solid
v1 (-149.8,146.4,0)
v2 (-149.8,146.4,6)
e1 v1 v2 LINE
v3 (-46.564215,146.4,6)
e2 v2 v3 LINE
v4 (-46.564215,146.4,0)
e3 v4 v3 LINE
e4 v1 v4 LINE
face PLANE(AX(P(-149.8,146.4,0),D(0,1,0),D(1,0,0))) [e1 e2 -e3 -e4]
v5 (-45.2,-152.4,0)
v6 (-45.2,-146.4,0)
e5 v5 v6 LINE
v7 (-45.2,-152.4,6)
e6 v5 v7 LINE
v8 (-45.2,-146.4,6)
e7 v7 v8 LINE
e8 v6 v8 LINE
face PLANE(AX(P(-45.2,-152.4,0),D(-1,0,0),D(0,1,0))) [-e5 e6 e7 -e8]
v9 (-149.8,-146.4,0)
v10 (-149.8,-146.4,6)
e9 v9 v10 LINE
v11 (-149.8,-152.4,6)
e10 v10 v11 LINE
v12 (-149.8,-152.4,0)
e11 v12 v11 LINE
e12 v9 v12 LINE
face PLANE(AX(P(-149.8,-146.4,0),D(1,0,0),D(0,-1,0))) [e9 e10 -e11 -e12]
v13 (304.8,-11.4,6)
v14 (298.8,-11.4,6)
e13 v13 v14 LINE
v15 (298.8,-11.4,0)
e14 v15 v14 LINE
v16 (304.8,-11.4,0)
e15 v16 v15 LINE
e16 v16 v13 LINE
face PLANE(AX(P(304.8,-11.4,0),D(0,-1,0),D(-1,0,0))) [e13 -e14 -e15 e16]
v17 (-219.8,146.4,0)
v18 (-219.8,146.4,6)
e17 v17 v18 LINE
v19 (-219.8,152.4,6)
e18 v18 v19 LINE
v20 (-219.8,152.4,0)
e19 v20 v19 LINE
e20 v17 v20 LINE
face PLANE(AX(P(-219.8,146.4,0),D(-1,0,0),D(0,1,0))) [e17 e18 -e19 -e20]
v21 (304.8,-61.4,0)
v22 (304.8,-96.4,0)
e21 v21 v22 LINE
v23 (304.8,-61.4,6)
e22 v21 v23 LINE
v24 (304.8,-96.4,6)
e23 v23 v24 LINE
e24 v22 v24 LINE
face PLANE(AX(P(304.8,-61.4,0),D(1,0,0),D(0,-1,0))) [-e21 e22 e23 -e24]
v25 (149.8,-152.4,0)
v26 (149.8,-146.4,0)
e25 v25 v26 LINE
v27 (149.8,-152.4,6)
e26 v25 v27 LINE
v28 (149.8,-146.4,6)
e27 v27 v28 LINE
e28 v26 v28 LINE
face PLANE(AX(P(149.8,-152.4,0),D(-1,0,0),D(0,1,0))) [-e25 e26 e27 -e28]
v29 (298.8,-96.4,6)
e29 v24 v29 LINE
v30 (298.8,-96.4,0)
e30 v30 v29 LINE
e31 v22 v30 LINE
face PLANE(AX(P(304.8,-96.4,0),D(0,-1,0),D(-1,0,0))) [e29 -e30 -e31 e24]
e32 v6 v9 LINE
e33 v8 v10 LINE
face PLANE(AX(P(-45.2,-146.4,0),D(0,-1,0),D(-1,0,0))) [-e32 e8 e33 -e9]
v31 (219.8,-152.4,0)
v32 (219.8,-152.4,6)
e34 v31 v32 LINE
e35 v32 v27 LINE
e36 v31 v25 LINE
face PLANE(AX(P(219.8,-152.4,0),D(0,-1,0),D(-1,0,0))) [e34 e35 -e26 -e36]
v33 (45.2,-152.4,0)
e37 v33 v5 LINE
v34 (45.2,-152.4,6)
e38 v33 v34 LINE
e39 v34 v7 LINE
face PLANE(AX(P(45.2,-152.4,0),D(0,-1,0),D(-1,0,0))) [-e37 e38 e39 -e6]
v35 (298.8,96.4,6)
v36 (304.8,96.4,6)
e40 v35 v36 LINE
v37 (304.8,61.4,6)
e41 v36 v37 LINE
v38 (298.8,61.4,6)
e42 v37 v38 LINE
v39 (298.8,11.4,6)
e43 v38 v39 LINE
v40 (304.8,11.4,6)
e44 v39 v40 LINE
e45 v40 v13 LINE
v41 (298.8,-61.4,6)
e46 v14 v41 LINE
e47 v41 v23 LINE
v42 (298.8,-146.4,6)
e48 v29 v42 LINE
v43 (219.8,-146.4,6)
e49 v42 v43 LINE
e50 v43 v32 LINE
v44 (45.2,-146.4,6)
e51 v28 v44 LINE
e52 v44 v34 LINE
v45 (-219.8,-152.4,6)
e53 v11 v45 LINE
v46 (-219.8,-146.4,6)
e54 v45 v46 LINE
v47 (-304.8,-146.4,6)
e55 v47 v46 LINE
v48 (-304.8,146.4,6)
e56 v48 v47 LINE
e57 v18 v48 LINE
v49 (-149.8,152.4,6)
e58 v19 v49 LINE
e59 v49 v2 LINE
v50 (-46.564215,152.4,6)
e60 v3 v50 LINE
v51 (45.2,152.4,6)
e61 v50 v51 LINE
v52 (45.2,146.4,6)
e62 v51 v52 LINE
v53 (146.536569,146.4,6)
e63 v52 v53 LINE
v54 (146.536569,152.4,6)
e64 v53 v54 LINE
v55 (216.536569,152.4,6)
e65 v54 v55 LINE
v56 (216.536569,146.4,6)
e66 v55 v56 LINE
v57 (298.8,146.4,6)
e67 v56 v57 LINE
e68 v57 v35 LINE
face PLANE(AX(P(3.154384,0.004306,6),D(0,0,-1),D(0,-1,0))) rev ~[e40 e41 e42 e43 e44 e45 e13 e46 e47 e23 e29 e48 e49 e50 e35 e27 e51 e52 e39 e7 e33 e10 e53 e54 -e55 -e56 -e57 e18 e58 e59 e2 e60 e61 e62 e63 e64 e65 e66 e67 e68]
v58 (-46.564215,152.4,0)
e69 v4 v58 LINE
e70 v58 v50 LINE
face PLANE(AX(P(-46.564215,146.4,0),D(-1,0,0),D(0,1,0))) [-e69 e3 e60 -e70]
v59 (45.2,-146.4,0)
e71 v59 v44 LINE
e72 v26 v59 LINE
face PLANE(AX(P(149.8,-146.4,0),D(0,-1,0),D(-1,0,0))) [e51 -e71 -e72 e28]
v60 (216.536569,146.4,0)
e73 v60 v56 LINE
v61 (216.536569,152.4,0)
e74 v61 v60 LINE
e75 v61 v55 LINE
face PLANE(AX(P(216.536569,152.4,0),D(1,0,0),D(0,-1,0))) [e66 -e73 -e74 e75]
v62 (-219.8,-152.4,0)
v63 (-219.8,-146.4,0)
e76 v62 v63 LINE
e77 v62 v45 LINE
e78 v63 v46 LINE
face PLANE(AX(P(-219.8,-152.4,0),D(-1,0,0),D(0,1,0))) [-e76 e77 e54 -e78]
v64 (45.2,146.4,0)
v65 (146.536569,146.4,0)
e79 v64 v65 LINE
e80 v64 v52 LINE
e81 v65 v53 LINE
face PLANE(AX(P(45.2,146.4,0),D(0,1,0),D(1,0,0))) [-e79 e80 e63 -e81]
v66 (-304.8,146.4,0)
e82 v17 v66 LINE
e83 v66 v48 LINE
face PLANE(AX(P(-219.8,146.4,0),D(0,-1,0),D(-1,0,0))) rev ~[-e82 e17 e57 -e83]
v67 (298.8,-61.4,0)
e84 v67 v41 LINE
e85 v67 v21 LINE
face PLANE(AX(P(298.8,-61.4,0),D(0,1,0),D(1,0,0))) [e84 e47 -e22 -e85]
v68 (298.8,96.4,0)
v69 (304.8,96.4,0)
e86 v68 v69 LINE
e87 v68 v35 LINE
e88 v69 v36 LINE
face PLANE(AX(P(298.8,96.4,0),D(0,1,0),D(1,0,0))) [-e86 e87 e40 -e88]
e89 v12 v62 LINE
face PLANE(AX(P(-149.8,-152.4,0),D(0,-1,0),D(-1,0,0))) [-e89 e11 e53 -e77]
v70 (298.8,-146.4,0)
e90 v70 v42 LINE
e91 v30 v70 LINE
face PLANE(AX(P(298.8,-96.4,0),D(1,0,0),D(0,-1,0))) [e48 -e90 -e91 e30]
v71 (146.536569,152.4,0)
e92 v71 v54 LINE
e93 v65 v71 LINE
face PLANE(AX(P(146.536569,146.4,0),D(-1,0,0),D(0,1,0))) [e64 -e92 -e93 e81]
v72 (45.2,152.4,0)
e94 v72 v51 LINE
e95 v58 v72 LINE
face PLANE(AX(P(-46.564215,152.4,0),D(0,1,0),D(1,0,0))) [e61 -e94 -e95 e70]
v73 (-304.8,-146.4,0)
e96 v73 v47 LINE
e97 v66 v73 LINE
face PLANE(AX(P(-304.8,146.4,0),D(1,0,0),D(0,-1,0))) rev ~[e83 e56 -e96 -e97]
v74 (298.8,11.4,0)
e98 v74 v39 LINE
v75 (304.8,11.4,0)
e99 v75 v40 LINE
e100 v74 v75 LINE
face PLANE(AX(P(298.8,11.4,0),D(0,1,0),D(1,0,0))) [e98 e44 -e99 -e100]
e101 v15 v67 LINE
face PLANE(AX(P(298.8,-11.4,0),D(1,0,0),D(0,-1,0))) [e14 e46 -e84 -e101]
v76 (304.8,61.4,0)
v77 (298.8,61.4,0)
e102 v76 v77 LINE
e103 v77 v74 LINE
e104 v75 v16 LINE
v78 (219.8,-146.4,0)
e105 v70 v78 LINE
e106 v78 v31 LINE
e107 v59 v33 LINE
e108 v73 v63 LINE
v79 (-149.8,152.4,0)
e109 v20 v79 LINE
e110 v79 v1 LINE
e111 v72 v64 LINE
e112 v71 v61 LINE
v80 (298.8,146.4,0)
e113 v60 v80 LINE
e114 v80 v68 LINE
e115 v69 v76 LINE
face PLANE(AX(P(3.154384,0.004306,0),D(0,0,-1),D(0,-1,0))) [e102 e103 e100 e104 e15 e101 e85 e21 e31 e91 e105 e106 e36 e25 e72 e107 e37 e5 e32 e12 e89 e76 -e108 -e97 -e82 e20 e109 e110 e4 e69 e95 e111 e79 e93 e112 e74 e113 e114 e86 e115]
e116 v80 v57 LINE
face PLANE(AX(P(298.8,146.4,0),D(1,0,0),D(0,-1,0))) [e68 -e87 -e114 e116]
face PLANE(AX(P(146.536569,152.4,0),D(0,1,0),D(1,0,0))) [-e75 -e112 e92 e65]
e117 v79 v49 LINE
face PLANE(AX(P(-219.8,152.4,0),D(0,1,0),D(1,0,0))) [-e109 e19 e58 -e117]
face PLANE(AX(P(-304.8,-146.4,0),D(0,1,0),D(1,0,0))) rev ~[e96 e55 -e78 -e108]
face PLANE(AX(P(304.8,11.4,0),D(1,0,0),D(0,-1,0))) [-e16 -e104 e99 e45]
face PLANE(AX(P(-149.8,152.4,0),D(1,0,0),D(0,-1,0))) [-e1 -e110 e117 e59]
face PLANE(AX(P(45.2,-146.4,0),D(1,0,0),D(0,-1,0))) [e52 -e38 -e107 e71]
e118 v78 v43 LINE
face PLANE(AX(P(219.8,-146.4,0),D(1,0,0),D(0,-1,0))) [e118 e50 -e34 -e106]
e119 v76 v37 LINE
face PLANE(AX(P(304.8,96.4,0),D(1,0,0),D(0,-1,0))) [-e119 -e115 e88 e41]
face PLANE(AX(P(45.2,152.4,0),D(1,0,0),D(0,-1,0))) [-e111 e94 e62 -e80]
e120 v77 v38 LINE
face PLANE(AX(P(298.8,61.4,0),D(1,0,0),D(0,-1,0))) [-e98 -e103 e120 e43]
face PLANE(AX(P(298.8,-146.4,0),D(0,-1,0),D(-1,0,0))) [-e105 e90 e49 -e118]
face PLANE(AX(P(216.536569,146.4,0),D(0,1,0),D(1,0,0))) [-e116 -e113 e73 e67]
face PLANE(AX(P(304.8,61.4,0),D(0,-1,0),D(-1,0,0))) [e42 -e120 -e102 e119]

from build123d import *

# Parameters (mm, degrees)
BOSS_EXTRUDE1_DEPTH = 6


with BuildPart() as part:
    # Sketch1 → Boss-Extrude1 (new body)
    with BuildSketch(Plane(origin=(0, 0, 0), x_dir=(0, 1, 0), z_dir=(0, 0, 1))):
        Polygon((-146.4, 234.8), (-146.4, 304.8), (-76.4, 304.8), (76.4, 304.8), (146.4, 304.8), (146.4, 234.8), (146.4, 219.8), (152.4, 219.8), (152.4, 149.8), (146.4, 149.8), (146.4, 46.564214894), (152.4, 46.564214894), (152.4, -45.2), (146.4, -45.2), (146.4, -146.536568987), (152.4, -146.536568987), (152.4, -216.536568987), (146.4, -216.536568987), (146.4, -298.8), (96.4, -298.8), (96.4, -304.8), (61.4, -304.8), (61.4, -298.8), (11.4, -298.8), (11.4, -304.8), (-11.4, -304.8), (-11.4, -298.8), (-61.4, -298.8), (-61.4, -304.8), (-96.4, -304.8), (-96.4, -298.8), (-146.4, -298.8), (-146.4, -219.8), (-152.4, -219.8), (-152.4, -149.8), (-146.4, -149.8), (-146.4, -45.2), (-152.4, -45.2), (-152.4, 45.2), (-146.4, 45.2), (-146.4, 149.8), (-152.4, 149.8), (-152.4, 219.8), (-146.4, 219.8), align=None)
    extrude(amount=BOSS_EXTRUDE1_DEPTH)


solid = part.part
